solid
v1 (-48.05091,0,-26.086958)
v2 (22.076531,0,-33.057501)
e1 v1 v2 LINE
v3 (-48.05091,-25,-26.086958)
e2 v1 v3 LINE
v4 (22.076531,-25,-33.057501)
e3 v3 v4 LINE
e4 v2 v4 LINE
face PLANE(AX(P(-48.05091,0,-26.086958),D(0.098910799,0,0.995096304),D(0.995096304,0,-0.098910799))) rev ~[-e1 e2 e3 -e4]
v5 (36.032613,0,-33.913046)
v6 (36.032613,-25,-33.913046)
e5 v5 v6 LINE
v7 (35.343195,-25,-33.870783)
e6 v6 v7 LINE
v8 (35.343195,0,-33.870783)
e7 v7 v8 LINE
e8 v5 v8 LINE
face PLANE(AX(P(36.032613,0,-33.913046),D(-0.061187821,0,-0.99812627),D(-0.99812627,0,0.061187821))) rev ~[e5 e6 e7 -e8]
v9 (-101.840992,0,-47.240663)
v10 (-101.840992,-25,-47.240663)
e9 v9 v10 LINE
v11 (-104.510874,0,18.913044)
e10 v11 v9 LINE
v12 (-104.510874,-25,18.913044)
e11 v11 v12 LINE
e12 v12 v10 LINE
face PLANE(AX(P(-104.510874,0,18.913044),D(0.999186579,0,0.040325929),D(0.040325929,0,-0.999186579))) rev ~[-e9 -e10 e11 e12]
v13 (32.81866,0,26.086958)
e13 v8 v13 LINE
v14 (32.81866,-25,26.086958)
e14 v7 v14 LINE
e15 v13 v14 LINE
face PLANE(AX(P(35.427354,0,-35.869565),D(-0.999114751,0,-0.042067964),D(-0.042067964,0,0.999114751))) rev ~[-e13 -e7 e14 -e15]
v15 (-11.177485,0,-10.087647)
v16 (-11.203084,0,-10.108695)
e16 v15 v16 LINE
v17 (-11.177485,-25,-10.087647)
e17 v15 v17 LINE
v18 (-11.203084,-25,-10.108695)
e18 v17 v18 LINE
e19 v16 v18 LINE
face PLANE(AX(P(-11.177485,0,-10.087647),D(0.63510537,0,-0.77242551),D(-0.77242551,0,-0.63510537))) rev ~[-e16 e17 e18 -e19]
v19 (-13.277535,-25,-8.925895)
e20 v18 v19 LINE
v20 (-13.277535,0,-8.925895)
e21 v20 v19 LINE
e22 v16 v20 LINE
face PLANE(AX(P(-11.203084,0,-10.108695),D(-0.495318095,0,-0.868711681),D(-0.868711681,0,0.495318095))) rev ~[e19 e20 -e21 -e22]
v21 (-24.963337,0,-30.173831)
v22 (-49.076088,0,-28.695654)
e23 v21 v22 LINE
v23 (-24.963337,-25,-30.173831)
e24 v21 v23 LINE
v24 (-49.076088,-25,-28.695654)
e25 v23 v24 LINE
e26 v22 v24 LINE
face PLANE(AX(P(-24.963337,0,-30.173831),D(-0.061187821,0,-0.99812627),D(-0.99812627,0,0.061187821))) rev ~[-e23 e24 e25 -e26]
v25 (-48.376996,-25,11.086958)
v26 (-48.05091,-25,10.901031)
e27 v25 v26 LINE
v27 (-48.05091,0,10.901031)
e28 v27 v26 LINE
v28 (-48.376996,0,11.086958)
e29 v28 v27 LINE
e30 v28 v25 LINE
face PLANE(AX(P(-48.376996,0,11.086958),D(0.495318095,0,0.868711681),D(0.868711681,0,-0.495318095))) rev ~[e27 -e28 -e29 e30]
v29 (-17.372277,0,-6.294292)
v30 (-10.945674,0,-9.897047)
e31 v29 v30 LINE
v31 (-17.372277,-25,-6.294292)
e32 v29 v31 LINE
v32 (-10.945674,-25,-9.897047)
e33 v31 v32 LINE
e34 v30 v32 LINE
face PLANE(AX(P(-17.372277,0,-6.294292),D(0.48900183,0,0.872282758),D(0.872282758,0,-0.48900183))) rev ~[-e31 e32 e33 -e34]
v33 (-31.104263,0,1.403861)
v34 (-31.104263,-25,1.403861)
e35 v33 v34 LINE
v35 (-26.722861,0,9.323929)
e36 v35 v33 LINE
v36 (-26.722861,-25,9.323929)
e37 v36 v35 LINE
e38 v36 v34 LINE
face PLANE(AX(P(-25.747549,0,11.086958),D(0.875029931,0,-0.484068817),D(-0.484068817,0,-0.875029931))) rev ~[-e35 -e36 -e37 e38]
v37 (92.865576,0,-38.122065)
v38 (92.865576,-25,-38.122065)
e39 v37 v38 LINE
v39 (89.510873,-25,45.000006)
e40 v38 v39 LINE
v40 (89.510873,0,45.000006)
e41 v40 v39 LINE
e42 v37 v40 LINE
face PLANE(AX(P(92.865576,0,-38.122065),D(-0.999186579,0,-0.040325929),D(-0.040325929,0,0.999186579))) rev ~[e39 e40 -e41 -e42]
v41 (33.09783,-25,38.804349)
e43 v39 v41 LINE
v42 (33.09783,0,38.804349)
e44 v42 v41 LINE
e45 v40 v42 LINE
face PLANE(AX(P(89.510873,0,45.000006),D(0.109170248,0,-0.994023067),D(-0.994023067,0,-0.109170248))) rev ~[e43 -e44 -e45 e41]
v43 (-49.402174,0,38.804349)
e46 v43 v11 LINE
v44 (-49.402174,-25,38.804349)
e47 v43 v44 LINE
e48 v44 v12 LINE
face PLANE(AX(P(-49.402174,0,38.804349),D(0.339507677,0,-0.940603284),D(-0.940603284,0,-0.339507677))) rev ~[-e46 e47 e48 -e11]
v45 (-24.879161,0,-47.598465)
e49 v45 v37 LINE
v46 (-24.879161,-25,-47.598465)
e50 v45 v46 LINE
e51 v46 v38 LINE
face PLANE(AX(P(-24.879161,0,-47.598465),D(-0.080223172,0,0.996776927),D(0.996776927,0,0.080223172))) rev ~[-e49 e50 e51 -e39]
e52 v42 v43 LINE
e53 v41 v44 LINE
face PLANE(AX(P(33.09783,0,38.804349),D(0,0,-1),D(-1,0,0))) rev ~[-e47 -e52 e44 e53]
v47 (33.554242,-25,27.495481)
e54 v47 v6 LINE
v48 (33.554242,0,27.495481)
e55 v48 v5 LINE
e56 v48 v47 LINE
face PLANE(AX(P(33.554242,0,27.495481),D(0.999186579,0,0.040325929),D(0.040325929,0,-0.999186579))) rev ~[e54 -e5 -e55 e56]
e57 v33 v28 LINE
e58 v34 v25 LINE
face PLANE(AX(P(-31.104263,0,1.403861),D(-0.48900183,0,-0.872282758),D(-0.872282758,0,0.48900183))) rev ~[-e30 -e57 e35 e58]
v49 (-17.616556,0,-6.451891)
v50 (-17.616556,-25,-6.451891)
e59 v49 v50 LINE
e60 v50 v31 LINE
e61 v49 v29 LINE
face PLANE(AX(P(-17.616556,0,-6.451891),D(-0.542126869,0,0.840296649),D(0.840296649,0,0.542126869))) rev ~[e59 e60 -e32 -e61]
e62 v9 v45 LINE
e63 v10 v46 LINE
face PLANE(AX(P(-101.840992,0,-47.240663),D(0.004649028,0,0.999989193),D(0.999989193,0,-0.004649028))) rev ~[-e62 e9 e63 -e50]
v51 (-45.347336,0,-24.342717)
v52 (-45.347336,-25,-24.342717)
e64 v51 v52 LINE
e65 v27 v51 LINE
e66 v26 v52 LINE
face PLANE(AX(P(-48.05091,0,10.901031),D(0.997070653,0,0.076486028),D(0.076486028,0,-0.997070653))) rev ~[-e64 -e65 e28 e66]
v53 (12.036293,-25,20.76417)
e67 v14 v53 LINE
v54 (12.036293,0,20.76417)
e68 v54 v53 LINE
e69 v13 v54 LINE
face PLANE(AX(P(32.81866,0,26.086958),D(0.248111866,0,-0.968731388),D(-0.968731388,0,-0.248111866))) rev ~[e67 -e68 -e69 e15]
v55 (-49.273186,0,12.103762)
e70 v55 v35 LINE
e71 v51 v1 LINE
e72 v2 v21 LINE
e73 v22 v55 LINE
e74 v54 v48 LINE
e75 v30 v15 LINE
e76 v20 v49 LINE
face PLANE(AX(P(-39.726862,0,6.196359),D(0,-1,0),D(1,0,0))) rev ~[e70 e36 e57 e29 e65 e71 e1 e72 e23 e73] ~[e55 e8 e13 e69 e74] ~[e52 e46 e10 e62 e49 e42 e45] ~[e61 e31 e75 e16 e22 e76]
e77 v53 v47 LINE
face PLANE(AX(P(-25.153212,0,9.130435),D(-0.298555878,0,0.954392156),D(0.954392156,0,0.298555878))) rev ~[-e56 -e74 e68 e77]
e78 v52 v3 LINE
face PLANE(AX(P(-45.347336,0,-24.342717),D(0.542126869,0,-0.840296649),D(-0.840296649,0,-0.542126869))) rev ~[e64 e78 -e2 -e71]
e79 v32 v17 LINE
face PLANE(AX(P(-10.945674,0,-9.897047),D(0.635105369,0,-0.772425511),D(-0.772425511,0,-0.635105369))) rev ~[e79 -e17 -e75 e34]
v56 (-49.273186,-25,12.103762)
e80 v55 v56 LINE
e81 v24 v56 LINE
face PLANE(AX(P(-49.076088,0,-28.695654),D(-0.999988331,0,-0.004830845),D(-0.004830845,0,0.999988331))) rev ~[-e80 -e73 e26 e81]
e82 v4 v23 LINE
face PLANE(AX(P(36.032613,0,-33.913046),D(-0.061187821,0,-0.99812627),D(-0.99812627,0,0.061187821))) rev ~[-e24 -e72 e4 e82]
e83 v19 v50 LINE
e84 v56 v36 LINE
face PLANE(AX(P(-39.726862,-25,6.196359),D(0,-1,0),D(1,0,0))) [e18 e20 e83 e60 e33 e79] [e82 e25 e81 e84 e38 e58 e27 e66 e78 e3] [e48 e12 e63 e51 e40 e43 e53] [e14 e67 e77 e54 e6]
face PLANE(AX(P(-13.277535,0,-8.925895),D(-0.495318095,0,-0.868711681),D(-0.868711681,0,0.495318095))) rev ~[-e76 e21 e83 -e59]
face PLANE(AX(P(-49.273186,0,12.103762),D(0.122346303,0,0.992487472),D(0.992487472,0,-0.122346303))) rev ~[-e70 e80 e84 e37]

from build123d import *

# Parameters (mm, degrees)
F1_DEPTH = 25
F3_DEPTH = 25


with BuildPart() as f1:
    # F0 (on Front) → F1 (new body)
    with BuildSketch(Plane.XZ):
        Polygon((33.0978296697, 38.8043485582), (-49.4021736085, 38.8043485582), (-49.2731857154, 12.1037618477), (-25.1532122493, 9.1304350644), (33.5542415281, 27.495480626), align=None)
        Polygon((-49.2731857154, 12.1037618477), (-49.4021736085, 38.8043485582), (-104.5108735561, 18.9130436629), align=None)
        Polygon((89.5108729601, 45.0000055134), (33.0978296697, 38.8043485582), (33.5542415281, 27.495480626), align=None)
        Polygon((-49.0760877728, -28.695654124), (-49.2731857154, 12.1037618477), (-104.5108735561, 18.9130436629), (-101.8409921534, -47.240662964), align=None)
        Polygon((89.5108729601, 45.0000055134), (33.5542415281, 27.495480626), (36.0326133668, -33.9130461216), (92.865576452, -38.1220651508), align=None)
        Polygon((-24.9633372304, -30.1738305036), (-49.0760877728, -28.695654124), (-101.8409921534, -47.240662964), (-24.879160547, -47.5984645456), align=None)
        Polygon((92.865576452, -38.1220651508), (36.0326133668, -33.9130461216), (-24.9633372304, -30.1738305036), (-24.879160547, -47.5984645456), align=None)
    extrude(amount=F1_DEPTH)

    # F2 (on Front) → F3 (join)
    with BuildSketch(Plane.XZ):
        Polygon((-31.1042628838, 1.4038610143), (-48.3769960701, 11.0869575292), (-48.0509102345, 10.9010313829), (-31.1738188355, 1.2781277766), align=None)
        Polygon((-31.1738188355, 1.2781277766), (-48.0509102345, 10.9010313829), (-45.3473362203, -24.3427168298), align=None)
        Polygon((-25.7475488917, 11.0869575292), (-31.1042628838, 1.4038610143), (-17.3722774356, -6.294291849), (32.81866014, 26.0869581252), align=None)
        Polygon((-17.3722774356, -6.294291849), (-31.1042628838, 1.4038610143), (-31.1738188355, 1.2781277766), (-17.616556065, -6.4518909643), align=None)
        Polygon((-17.616556065, -6.4518909643), (-31.1738188355, 1.2781277766), (-45.3473362203, -24.3427168298), align=None)
        Polygon((-17.616556065, -6.4518909643), (-45.3473362203, -24.3427168298), (-48.0509102345, -26.0869581252), (-13.2775347304, -8.9258945152), align=None)
        Polygon((32.81866014, 26.0869581252), (-17.3722774356, -6.294291849), (-10.9456736694, -9.8970467725), align=None)
        Polygon((-13.2775347304, -8.9258945152), (-48.0509102345, -26.0869581252), (32.1549837153, -34.0592810181), (-11.1774851915, -10.087647342), (-11.203084141, -10.1086953655), align=None)
        Polygon((32.1549837153, -34.0592810181), (-10.9456736694, -9.8970467725), (-11.1774851915, -10.087647342), align=None)
        Polygon((32.81866014, 26.0869581252), (-10.9456736694, -9.8970467725), (32.1549837153, -34.0592810181), (35.4273542762, -35.8695648611), align=None)
    extrude(amount=F3_DEPTH)


solid = f1.part
